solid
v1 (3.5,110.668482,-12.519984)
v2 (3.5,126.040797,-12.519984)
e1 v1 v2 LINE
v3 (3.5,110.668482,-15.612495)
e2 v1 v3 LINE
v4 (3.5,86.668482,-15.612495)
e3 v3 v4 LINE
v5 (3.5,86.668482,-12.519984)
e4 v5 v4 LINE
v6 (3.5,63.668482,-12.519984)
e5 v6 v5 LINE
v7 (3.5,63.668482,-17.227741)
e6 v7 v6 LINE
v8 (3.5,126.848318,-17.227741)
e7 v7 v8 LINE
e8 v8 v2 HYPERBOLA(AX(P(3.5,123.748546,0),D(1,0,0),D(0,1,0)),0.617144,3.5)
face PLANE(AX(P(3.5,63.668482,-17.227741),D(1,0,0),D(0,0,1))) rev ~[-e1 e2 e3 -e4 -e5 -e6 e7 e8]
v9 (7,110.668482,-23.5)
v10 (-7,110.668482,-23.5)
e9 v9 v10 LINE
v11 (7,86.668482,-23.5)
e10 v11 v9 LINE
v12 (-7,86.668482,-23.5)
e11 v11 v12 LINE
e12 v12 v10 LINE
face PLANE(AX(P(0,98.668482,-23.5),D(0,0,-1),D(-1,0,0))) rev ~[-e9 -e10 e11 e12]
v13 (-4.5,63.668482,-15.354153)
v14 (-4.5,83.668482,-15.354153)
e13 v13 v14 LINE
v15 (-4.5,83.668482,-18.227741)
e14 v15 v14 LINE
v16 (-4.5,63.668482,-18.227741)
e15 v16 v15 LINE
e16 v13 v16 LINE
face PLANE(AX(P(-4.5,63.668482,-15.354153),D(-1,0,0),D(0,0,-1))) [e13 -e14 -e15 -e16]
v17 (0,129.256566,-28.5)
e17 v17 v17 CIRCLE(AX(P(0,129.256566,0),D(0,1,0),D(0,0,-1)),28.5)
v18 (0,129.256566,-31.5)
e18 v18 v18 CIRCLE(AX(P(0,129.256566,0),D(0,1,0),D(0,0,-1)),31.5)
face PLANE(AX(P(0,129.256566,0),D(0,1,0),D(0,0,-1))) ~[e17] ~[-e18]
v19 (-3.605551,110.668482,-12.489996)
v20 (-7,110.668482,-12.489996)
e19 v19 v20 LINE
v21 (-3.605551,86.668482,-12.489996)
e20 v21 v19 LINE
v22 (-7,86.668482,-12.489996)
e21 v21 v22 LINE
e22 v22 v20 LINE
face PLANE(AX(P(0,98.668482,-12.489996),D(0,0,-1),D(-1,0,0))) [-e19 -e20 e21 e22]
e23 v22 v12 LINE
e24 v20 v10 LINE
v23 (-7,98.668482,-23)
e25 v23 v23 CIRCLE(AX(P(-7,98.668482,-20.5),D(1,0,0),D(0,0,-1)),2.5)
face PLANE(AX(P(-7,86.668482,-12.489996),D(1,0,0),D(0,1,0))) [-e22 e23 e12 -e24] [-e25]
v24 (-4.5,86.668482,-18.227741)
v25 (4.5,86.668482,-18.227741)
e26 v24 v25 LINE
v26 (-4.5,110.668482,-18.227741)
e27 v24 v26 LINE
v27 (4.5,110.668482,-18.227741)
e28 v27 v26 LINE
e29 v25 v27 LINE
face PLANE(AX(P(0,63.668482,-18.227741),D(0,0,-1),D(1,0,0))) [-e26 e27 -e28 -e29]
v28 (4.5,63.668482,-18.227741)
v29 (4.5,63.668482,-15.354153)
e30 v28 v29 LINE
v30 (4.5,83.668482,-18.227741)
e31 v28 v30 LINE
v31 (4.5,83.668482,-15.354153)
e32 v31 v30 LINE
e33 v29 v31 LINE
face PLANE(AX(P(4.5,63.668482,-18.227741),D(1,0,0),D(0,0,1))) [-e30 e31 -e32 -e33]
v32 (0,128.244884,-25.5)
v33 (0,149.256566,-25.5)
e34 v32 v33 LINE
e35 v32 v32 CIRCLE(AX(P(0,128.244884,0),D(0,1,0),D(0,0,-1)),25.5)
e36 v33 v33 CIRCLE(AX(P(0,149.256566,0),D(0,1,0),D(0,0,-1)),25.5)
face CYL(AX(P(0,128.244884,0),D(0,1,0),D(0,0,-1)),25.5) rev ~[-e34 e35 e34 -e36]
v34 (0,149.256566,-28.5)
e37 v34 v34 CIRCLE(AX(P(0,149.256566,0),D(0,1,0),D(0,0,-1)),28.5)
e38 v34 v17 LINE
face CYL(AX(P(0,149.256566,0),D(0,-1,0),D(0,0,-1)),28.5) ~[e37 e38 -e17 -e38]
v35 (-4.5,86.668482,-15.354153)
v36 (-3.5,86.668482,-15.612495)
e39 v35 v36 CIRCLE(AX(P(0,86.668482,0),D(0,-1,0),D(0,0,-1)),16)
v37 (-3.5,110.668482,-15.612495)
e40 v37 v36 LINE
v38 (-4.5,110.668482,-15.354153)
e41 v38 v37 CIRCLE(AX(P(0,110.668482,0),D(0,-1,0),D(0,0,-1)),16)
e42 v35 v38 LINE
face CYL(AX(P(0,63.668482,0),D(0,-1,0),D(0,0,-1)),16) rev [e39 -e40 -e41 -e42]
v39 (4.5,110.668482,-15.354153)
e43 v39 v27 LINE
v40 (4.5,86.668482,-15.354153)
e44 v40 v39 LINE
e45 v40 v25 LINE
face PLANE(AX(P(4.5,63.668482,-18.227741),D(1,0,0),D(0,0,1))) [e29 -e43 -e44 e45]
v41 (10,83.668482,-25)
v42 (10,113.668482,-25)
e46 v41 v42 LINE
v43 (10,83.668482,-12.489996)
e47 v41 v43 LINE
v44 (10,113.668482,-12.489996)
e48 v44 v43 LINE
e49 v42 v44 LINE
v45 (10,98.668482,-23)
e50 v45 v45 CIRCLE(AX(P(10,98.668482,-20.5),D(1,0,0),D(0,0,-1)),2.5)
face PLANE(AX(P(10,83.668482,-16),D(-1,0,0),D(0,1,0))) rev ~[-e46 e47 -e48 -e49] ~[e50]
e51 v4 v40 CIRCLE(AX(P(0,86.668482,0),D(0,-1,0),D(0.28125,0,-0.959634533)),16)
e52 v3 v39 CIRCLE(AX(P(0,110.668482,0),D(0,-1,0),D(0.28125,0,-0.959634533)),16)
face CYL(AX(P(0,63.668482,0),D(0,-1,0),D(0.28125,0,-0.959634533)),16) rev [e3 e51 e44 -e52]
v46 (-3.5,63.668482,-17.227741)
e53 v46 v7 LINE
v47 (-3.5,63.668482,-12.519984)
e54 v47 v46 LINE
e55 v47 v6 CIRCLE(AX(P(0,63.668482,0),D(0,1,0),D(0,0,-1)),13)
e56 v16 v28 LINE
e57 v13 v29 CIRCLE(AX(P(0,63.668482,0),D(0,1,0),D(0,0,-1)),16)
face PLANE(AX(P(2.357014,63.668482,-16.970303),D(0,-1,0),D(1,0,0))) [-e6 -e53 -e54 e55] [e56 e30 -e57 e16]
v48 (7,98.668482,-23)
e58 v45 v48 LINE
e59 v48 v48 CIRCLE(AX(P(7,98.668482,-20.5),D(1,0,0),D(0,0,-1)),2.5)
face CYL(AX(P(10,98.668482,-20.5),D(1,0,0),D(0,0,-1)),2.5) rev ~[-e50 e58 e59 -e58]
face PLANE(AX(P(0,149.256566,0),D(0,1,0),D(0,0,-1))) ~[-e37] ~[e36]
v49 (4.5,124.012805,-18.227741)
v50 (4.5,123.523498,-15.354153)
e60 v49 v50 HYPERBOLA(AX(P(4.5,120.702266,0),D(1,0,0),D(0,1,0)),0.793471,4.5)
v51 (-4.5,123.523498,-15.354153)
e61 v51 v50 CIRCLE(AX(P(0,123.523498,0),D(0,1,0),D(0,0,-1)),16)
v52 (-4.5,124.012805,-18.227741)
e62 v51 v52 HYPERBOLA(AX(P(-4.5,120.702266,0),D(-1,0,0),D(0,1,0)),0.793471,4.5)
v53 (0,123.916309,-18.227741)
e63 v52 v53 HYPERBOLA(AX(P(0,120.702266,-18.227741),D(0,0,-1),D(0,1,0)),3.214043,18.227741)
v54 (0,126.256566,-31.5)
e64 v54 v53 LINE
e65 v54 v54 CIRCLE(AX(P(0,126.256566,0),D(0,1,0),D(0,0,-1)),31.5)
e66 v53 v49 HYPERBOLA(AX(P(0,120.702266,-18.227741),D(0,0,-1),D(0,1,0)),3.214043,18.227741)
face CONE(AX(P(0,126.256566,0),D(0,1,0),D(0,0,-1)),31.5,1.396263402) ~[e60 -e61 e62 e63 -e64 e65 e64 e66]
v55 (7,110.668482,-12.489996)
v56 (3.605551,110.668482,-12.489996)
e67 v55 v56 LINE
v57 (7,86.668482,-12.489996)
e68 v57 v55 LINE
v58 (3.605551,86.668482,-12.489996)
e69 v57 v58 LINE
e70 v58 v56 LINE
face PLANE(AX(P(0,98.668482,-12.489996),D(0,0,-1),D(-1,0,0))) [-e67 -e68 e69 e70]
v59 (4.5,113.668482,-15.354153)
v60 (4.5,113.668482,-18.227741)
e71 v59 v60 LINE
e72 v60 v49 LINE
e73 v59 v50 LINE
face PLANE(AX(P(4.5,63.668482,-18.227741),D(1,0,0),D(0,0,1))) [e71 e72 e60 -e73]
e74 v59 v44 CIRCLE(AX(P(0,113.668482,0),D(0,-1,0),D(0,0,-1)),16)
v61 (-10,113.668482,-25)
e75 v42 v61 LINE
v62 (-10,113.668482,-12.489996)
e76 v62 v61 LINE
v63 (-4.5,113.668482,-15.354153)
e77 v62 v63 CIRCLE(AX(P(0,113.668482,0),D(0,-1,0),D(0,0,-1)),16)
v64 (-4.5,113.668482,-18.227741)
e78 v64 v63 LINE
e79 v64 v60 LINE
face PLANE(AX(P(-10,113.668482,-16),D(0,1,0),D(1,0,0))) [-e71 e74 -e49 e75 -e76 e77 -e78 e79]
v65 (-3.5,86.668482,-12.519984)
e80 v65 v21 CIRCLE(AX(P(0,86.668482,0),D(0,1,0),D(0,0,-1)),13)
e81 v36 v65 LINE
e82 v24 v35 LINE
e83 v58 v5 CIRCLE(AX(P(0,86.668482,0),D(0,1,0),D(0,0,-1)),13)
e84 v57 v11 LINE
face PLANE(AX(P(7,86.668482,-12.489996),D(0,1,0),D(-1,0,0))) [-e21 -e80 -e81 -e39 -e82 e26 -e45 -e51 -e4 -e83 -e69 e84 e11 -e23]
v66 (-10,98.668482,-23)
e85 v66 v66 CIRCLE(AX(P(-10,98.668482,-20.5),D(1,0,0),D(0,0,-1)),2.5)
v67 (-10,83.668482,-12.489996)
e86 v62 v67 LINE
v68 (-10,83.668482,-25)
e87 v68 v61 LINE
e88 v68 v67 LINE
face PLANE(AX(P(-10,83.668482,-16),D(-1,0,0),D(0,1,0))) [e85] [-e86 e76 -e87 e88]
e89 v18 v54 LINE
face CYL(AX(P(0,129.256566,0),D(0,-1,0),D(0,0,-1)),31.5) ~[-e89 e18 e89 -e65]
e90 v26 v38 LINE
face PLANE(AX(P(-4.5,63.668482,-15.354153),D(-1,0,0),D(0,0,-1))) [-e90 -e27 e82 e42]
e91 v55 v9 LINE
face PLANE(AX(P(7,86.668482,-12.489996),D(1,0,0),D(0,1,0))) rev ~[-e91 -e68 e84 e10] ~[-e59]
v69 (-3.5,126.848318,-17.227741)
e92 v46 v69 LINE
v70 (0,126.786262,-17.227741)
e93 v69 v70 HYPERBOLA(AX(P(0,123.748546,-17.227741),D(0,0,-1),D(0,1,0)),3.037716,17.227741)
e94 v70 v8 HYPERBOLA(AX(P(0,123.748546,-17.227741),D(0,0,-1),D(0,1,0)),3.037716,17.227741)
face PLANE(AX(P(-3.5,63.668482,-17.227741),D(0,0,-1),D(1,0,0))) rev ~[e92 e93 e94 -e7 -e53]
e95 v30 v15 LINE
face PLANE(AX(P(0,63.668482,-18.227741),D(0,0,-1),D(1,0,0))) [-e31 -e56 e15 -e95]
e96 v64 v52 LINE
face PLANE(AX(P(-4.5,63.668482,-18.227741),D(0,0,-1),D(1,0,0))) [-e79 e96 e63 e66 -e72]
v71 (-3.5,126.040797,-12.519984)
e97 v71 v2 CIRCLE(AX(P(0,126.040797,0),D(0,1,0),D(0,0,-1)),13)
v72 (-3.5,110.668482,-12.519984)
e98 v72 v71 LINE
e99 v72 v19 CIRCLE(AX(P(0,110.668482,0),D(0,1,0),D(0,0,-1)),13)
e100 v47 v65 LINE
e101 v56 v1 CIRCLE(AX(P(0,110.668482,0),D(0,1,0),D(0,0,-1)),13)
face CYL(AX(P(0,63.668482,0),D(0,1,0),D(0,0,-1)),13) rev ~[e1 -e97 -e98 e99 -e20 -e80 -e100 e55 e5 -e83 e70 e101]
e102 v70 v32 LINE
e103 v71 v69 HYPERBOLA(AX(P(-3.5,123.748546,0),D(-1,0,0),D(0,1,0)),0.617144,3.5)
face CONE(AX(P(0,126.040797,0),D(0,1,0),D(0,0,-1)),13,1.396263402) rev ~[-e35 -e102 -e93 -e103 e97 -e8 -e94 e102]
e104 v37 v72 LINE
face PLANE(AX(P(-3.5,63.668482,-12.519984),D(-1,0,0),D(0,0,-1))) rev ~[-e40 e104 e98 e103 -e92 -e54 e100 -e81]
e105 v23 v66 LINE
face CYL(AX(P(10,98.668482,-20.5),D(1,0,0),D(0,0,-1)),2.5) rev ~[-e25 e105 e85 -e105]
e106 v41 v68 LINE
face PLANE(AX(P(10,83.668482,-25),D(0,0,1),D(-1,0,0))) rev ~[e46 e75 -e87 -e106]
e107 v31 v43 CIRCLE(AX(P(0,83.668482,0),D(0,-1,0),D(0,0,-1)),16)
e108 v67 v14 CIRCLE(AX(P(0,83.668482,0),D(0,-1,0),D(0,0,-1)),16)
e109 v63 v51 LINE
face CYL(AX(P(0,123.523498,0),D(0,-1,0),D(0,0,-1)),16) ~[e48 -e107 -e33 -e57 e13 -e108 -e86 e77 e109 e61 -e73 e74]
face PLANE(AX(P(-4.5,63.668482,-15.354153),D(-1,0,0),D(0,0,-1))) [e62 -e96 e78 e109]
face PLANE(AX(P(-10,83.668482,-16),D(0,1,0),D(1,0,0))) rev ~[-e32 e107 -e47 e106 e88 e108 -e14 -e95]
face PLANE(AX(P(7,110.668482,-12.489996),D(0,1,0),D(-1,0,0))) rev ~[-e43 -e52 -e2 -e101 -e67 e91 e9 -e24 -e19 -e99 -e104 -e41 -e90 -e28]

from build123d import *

# Parameters (mm, degrees)
CROQUIS2_W              = 20
CROQUIS2_H              = 9
SALIENTE_EXTRUIR1_DEPTH = 30
CROQUIS3_R              = 2.5
CORTAR_EXTRUIR1_DEPTH   = 30
SALIENTE_EXTRUIR2_REACH = 161.769
CROQUIS4_W              = 20
CROQUIS4_H              = 30
CROQUIS5_W              = 14
CROQUIS5_H              = 24
CORTAR_EXTRUIR2_DEPTH   = 11.010004003
SALIENTE_EXTRUIR3_REACH = 98.487
CORTAR_EXTRUIR3_REACH   = 98.487


with BuildPart() as part:
    # Croquis1 → Revolución1 (revolve)
    with BuildSketch(Plane(origin=(0, 0, 0), x_dir=(0, 0, -1), z_dir=(1, 0, 0))):
        Polygon((28.5, 149.256566287), (28.5, 129.256566287), (31.5, 129.256566287), (31.5, 126.256566287), (16, 123.523498086), (16, 63.6684817), (13, 63.6684817), (13, 126.040796979), (25.5, 128.244884238), (25.5, 149.256566287), align=None)
    revolve(axis=Axis((0, 0, 0), (0, 1, 0)))

    # Croquis4 → Saliente-Extruir2 (add, up to next)
    with BuildSketch(Plane.XY.offset(-16), mode=Mode.PRIVATE) as saliente_extruir2_sk1:
        with Locations((0, 98.6684817)):
            Rectangle(CROQUIS4_W, CROQUIS4_H)
    saliente_extruir2_tool1 = extrude(saliente_extruir2_sk1.sketch, amount=SALIENTE_EXTRUIR2_REACH, mode=Mode.PRIVATE) - part.part


with BuildPart() as body_2:
    # Croquis2 → Saliente-Extruir1 (new body)
    with BuildSketch(Plane(origin=(0, 83.6684817, 0), x_dir=(-1, 0, 0), z_dir=(0, -1, 0))):
        with Locations((0, 20.5)):
            Rectangle(CROQUIS2_W, CROQUIS2_H)
    extrude(amount=-SALIENTE_EXTRUIR1_DEPTH)

    # Croquis3 → Cortar-Extruir1 (cut)
    with BuildSketch(Plane(origin=(10, 0, 0), x_dir=(0, 0, -1), z_dir=(1, 0, 0))):
        with Locations((20.5, 98.6684817)):
            Circle(CROQUIS3_R)
    extrude(amount=-CORTAR_EXTRUIR1_DEPTH, mode=Mode.SUBTRACT)


with BuildPart() as part_1:
    add(part.part)

    add(body_2.part)  # Saliente-Extruir2 merges body 2
    add(saliente_extruir2_tool1.solids().sort_by_distance((0, 98.668482, -16))[0])
    add(saliente_extruir2_tool1.solids().sort_by_distance((0, 98.668482, -16))[1])

    # Croquis5 → Cortar-Extruir2 (cut)
    with BuildSketch(Plane(origin=(0, 0, -12.489995997), x_dir=(-1, 0, 0), z_dir=(0, 0, -1))):
        with Locations((0, 98.6684817)):
            Rectangle(CROQUIS5_W, CROQUIS5_H)
    extrude(amount=CORTAR_EXTRUIR2_DEPTH, mode=Mode.SUBTRACT)

    # Saliente-Extruir3: up to this cone (the profile starts outside it)
    saliente_extruir3_end = Plane(origin=(0, 63.668482, 0), z_dir=(0, 1, 0)).offset(57.033785394) * Cone(5.671e-06, 237.928508939, 41.953214606, align=(Align.CENTER, Align.CENTER, Align.MIN), mode=Mode.PRIVATE)
    # Croquis6 → Saliente-Extruir3 (add, up to the surface)
    with BuildSketch(Plane.XZ.offset(-63.6684817), mode=Mode.PRIVATE) as saliente_extruir3_sk1:
        with BuildLine():
            Line((0, -18.227740962), (0, -16))
            ThreePointArc((0, -16), (-2.273055155, -15.837715121), (-4.5, -15.354152533))
            Line((-4.5, -15.354152533), (-4.5, -18.227740962))
            Line((-4.5, -18.227740962), (0, -18.227740962))
        make_face()
    saliente_extruir3_tool1 = extrude(saliente_extruir3_sk1.sketch, amount=-SALIENTE_EXTRUIR3_REACH, mode=Mode.PRIVATE) - saliente_extruir3_end
    add(saliente_extruir3_tool1.solids().sort_by_distance((-2.348795, 63.668482, -16.999565))[0])
    # Croquis6 → Saliente-Extruir3 (add, up to the surface)
    with BuildSketch(Plane.XZ.offset(-63.6684817), mode=Mode.PRIVATE) as saliente_extruir3_sk2:
        with BuildLine():
            ThreePointArc((4.5, -15.354152533), (2.273055155, -15.837715121), (0, -16))
            Line((0, -16), (0, -18.227740962))
            Line((0, -18.227740962), (4.5, -18.227740962))
            Line((4.5, -18.227740962), (4.5, -15.354152533))
        make_face()
    saliente_extruir3_tool2 = extrude(saliente_extruir3_sk2.sketch, amount=-SALIENTE_EXTRUIR3_REACH, mode=Mode.PRIVATE) - saliente_extruir3_end
    add(saliente_extruir3_tool2.solids().sort_by_distance((2.348795, 63.668482, -16.999565))[0])

    # Cortar-Extruir3: up to this cone (the profile starts outside it)
    cortar_extruir3_end = Plane(origin=(0, 63.668482, 0), z_dir=(0, 1, 0)).offset(60.08006523) * Cone(5.671e-06, 220.65219749, 38.90693477, align=(Align.CENTER, Align.CENTER, Align.MIN), mode=Mode.PRIVATE)
    # Croquis7 → Cortar-Extruir3 (cut, up to the surface)
    with BuildSketch(Plane.XZ.offset(-63.6684817), mode=Mode.PRIVATE) as cortar_extruir3_sk1:
        with BuildLine():
            Line((3.5, -17.227740962), (3.5, -15.354152533))
            Line((3.5, -15.354152533), (3.5, -12.519984026))
            ThreePointArc((3.5, -12.519984026), (0, -13), (-3.5, -12.519984026))
            Line((-3.5, -12.519984026), (-3.5, -15.354152533))
            Line((-3.5, -15.354152533), (-3.5, -17.227740962))
            Line((-3.5, -17.227740962), (3.5, -17.227740962))
        make_face()
    cortar_extruir3_tool1 = extrude(cortar_extruir3_sk1.sketch, amount=-CORTAR_EXTRUIR3_REACH, mode=Mode.PRIVATE) - cortar_extruir3_end
    add(cortar_extruir3_tool1.solids().sort_by_distance((0, 63.668482, -15.032146))[0], mode=Mode.SUBTRACT)


solid = part_1.part
